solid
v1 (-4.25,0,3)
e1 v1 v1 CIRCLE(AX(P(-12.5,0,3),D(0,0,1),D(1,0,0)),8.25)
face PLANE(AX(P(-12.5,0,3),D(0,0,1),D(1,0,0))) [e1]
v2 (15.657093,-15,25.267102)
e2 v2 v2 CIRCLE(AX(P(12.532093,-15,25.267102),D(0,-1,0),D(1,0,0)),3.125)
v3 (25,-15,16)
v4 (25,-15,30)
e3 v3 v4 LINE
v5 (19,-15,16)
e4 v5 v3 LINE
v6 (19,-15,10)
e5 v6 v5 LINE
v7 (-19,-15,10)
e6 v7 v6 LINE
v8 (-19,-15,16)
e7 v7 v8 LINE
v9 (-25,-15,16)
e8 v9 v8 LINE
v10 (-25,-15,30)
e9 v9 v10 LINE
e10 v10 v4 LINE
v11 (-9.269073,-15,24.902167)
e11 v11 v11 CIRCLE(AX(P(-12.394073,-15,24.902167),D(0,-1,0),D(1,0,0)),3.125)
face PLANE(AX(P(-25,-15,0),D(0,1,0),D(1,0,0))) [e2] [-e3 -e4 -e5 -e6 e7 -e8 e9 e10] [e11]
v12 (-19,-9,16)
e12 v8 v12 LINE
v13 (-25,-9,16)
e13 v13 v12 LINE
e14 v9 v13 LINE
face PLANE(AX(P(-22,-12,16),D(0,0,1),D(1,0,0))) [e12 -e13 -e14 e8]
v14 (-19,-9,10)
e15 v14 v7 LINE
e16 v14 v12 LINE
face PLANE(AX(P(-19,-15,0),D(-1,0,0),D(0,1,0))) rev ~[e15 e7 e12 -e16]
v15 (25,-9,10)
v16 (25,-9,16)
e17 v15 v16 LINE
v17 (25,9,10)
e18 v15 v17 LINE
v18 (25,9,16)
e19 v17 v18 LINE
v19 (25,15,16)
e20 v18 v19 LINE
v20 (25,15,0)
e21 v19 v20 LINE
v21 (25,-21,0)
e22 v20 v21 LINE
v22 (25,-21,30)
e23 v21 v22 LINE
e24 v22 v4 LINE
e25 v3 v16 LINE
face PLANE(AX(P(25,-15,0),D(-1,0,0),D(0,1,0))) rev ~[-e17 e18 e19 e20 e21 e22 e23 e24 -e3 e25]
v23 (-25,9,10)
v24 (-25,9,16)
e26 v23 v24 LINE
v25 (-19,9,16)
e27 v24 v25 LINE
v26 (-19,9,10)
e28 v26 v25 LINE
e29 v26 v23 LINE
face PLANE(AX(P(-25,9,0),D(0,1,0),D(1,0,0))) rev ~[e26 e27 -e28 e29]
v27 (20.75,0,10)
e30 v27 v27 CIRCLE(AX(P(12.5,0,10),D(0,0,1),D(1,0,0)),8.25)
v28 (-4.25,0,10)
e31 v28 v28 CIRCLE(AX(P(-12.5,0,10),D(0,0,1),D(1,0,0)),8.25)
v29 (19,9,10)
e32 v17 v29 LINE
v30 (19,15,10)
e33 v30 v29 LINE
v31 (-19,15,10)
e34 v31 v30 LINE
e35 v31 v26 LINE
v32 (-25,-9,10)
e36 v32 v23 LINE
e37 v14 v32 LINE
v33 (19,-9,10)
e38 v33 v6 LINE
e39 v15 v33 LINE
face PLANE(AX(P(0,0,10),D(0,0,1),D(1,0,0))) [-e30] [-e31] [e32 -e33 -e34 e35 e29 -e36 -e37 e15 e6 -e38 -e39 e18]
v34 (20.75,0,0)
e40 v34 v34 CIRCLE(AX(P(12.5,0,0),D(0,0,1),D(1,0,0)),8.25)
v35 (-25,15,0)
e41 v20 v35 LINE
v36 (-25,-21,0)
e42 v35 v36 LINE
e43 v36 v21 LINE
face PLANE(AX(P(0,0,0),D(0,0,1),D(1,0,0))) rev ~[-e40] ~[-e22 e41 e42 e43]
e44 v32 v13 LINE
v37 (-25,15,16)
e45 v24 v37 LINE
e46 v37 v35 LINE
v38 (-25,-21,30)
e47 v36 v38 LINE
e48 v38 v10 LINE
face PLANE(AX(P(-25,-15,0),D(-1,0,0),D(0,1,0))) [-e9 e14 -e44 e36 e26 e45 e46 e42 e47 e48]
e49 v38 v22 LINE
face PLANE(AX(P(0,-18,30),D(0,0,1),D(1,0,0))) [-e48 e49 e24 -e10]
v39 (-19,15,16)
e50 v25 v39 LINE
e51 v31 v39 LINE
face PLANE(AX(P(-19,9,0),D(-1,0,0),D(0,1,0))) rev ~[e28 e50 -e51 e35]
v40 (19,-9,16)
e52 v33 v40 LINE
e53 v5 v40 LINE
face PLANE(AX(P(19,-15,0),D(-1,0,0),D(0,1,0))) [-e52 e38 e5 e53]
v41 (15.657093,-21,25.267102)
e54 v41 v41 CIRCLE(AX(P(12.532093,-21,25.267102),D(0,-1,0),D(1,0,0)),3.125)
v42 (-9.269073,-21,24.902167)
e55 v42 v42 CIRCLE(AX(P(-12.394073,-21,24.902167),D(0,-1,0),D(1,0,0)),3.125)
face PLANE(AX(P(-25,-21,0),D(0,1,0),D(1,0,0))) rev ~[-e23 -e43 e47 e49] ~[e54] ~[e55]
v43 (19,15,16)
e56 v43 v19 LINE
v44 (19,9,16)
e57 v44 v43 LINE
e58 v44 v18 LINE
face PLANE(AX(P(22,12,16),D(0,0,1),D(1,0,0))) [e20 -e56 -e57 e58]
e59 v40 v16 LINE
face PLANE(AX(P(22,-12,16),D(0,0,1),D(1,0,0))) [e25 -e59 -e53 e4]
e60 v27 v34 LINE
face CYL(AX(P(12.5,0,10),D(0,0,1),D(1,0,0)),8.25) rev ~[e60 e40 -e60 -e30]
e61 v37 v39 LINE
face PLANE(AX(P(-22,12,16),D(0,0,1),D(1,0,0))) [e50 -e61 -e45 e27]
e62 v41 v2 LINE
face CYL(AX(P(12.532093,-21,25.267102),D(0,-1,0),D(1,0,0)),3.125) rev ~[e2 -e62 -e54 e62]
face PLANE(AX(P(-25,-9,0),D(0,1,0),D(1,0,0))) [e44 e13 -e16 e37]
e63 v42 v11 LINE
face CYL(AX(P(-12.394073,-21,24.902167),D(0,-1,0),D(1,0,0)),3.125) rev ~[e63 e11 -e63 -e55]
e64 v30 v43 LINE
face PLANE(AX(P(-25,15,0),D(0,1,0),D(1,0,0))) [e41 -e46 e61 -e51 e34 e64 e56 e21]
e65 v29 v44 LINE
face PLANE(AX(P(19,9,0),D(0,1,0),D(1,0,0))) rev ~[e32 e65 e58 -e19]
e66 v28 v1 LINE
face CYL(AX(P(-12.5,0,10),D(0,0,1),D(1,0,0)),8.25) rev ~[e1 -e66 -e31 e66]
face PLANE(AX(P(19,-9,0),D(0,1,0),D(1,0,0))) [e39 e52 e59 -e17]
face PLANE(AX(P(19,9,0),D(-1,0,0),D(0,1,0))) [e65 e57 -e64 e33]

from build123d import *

# Parameters (mm, degrees)
F6_W      = 50
F6_H      = 6
F7_DEPTH  = 30
F0_W      = 50
F0_H      = 30
F8_DEPTH  = 10
F1_W      = 6
F1_H      = 6
F2_W      = 6
F2_H      = 6
F11_DEPTH = 16
F13_R     = 3.125
F14_DEPTH = 10
F9_R      = 8.25
F15_DEPTH = 7
F10_R     = 8.25
F16_DEPTH = 10


with BuildPart() as f7:
    # F6 (on Top) → F7 (new body)
    with BuildSketch(Plane.XY):
        with Locations((0, -18)):
            Rectangle(F6_W, F6_H)
    extrude(amount=F7_DEPTH)

    # F0 (on Top) → F8 (join)
    with BuildSketch(Plane.XY):
        Rectangle(F0_W, F0_H)
    extrude(amount=F8_DEPTH)

    # F1 (on Top) + F2 (on Top) → F11 (join)
    with BuildSketch(Plane.XY):
        with Locations((-22, 12)):
            Rectangle(F1_W, F1_H)
    with BuildSketch(Plane.XY):
        with Locations((22, 12)):
            Rectangle(F2_W, F2_H)
        with Locations((22, -12)):
            Rectangle(F2_W, F2_H)
        with Locations((-22, -12)):
            Rectangle(F2_W, F2_H)
    extrude(amount=F11_DEPTH)

    # F13 (on face) → F14 (cut)
    with BuildSketch(Plane.XZ.offset(21)):
        with Locations((-12.3940734193, 24.9021667987)):
            Circle(F13_R)
        with Locations((12.5320926309, 25.2671018243)):
            Circle(F13_R)
    extrude(amount=-F14_DEPTH, mode=Mode.SUBTRACT)

    # F9 (on face) → F15 (cut)
    with BuildSketch(Plane.XY.offset(10)):
        with Locations((-12.5, 0)):
            Circle(F9_R)
    extrude(amount=-F15_DEPTH, mode=Mode.SUBTRACT)

    # F10 (on face) → F16 (cut)
    with BuildSketch(Plane.XY.offset(10)):
        with Locations((12.5, 0)):
            Circle(F10_R)
    extrude(amount=-F16_DEPTH, mode=Mode.SUBTRACT)


solid = f7.part
